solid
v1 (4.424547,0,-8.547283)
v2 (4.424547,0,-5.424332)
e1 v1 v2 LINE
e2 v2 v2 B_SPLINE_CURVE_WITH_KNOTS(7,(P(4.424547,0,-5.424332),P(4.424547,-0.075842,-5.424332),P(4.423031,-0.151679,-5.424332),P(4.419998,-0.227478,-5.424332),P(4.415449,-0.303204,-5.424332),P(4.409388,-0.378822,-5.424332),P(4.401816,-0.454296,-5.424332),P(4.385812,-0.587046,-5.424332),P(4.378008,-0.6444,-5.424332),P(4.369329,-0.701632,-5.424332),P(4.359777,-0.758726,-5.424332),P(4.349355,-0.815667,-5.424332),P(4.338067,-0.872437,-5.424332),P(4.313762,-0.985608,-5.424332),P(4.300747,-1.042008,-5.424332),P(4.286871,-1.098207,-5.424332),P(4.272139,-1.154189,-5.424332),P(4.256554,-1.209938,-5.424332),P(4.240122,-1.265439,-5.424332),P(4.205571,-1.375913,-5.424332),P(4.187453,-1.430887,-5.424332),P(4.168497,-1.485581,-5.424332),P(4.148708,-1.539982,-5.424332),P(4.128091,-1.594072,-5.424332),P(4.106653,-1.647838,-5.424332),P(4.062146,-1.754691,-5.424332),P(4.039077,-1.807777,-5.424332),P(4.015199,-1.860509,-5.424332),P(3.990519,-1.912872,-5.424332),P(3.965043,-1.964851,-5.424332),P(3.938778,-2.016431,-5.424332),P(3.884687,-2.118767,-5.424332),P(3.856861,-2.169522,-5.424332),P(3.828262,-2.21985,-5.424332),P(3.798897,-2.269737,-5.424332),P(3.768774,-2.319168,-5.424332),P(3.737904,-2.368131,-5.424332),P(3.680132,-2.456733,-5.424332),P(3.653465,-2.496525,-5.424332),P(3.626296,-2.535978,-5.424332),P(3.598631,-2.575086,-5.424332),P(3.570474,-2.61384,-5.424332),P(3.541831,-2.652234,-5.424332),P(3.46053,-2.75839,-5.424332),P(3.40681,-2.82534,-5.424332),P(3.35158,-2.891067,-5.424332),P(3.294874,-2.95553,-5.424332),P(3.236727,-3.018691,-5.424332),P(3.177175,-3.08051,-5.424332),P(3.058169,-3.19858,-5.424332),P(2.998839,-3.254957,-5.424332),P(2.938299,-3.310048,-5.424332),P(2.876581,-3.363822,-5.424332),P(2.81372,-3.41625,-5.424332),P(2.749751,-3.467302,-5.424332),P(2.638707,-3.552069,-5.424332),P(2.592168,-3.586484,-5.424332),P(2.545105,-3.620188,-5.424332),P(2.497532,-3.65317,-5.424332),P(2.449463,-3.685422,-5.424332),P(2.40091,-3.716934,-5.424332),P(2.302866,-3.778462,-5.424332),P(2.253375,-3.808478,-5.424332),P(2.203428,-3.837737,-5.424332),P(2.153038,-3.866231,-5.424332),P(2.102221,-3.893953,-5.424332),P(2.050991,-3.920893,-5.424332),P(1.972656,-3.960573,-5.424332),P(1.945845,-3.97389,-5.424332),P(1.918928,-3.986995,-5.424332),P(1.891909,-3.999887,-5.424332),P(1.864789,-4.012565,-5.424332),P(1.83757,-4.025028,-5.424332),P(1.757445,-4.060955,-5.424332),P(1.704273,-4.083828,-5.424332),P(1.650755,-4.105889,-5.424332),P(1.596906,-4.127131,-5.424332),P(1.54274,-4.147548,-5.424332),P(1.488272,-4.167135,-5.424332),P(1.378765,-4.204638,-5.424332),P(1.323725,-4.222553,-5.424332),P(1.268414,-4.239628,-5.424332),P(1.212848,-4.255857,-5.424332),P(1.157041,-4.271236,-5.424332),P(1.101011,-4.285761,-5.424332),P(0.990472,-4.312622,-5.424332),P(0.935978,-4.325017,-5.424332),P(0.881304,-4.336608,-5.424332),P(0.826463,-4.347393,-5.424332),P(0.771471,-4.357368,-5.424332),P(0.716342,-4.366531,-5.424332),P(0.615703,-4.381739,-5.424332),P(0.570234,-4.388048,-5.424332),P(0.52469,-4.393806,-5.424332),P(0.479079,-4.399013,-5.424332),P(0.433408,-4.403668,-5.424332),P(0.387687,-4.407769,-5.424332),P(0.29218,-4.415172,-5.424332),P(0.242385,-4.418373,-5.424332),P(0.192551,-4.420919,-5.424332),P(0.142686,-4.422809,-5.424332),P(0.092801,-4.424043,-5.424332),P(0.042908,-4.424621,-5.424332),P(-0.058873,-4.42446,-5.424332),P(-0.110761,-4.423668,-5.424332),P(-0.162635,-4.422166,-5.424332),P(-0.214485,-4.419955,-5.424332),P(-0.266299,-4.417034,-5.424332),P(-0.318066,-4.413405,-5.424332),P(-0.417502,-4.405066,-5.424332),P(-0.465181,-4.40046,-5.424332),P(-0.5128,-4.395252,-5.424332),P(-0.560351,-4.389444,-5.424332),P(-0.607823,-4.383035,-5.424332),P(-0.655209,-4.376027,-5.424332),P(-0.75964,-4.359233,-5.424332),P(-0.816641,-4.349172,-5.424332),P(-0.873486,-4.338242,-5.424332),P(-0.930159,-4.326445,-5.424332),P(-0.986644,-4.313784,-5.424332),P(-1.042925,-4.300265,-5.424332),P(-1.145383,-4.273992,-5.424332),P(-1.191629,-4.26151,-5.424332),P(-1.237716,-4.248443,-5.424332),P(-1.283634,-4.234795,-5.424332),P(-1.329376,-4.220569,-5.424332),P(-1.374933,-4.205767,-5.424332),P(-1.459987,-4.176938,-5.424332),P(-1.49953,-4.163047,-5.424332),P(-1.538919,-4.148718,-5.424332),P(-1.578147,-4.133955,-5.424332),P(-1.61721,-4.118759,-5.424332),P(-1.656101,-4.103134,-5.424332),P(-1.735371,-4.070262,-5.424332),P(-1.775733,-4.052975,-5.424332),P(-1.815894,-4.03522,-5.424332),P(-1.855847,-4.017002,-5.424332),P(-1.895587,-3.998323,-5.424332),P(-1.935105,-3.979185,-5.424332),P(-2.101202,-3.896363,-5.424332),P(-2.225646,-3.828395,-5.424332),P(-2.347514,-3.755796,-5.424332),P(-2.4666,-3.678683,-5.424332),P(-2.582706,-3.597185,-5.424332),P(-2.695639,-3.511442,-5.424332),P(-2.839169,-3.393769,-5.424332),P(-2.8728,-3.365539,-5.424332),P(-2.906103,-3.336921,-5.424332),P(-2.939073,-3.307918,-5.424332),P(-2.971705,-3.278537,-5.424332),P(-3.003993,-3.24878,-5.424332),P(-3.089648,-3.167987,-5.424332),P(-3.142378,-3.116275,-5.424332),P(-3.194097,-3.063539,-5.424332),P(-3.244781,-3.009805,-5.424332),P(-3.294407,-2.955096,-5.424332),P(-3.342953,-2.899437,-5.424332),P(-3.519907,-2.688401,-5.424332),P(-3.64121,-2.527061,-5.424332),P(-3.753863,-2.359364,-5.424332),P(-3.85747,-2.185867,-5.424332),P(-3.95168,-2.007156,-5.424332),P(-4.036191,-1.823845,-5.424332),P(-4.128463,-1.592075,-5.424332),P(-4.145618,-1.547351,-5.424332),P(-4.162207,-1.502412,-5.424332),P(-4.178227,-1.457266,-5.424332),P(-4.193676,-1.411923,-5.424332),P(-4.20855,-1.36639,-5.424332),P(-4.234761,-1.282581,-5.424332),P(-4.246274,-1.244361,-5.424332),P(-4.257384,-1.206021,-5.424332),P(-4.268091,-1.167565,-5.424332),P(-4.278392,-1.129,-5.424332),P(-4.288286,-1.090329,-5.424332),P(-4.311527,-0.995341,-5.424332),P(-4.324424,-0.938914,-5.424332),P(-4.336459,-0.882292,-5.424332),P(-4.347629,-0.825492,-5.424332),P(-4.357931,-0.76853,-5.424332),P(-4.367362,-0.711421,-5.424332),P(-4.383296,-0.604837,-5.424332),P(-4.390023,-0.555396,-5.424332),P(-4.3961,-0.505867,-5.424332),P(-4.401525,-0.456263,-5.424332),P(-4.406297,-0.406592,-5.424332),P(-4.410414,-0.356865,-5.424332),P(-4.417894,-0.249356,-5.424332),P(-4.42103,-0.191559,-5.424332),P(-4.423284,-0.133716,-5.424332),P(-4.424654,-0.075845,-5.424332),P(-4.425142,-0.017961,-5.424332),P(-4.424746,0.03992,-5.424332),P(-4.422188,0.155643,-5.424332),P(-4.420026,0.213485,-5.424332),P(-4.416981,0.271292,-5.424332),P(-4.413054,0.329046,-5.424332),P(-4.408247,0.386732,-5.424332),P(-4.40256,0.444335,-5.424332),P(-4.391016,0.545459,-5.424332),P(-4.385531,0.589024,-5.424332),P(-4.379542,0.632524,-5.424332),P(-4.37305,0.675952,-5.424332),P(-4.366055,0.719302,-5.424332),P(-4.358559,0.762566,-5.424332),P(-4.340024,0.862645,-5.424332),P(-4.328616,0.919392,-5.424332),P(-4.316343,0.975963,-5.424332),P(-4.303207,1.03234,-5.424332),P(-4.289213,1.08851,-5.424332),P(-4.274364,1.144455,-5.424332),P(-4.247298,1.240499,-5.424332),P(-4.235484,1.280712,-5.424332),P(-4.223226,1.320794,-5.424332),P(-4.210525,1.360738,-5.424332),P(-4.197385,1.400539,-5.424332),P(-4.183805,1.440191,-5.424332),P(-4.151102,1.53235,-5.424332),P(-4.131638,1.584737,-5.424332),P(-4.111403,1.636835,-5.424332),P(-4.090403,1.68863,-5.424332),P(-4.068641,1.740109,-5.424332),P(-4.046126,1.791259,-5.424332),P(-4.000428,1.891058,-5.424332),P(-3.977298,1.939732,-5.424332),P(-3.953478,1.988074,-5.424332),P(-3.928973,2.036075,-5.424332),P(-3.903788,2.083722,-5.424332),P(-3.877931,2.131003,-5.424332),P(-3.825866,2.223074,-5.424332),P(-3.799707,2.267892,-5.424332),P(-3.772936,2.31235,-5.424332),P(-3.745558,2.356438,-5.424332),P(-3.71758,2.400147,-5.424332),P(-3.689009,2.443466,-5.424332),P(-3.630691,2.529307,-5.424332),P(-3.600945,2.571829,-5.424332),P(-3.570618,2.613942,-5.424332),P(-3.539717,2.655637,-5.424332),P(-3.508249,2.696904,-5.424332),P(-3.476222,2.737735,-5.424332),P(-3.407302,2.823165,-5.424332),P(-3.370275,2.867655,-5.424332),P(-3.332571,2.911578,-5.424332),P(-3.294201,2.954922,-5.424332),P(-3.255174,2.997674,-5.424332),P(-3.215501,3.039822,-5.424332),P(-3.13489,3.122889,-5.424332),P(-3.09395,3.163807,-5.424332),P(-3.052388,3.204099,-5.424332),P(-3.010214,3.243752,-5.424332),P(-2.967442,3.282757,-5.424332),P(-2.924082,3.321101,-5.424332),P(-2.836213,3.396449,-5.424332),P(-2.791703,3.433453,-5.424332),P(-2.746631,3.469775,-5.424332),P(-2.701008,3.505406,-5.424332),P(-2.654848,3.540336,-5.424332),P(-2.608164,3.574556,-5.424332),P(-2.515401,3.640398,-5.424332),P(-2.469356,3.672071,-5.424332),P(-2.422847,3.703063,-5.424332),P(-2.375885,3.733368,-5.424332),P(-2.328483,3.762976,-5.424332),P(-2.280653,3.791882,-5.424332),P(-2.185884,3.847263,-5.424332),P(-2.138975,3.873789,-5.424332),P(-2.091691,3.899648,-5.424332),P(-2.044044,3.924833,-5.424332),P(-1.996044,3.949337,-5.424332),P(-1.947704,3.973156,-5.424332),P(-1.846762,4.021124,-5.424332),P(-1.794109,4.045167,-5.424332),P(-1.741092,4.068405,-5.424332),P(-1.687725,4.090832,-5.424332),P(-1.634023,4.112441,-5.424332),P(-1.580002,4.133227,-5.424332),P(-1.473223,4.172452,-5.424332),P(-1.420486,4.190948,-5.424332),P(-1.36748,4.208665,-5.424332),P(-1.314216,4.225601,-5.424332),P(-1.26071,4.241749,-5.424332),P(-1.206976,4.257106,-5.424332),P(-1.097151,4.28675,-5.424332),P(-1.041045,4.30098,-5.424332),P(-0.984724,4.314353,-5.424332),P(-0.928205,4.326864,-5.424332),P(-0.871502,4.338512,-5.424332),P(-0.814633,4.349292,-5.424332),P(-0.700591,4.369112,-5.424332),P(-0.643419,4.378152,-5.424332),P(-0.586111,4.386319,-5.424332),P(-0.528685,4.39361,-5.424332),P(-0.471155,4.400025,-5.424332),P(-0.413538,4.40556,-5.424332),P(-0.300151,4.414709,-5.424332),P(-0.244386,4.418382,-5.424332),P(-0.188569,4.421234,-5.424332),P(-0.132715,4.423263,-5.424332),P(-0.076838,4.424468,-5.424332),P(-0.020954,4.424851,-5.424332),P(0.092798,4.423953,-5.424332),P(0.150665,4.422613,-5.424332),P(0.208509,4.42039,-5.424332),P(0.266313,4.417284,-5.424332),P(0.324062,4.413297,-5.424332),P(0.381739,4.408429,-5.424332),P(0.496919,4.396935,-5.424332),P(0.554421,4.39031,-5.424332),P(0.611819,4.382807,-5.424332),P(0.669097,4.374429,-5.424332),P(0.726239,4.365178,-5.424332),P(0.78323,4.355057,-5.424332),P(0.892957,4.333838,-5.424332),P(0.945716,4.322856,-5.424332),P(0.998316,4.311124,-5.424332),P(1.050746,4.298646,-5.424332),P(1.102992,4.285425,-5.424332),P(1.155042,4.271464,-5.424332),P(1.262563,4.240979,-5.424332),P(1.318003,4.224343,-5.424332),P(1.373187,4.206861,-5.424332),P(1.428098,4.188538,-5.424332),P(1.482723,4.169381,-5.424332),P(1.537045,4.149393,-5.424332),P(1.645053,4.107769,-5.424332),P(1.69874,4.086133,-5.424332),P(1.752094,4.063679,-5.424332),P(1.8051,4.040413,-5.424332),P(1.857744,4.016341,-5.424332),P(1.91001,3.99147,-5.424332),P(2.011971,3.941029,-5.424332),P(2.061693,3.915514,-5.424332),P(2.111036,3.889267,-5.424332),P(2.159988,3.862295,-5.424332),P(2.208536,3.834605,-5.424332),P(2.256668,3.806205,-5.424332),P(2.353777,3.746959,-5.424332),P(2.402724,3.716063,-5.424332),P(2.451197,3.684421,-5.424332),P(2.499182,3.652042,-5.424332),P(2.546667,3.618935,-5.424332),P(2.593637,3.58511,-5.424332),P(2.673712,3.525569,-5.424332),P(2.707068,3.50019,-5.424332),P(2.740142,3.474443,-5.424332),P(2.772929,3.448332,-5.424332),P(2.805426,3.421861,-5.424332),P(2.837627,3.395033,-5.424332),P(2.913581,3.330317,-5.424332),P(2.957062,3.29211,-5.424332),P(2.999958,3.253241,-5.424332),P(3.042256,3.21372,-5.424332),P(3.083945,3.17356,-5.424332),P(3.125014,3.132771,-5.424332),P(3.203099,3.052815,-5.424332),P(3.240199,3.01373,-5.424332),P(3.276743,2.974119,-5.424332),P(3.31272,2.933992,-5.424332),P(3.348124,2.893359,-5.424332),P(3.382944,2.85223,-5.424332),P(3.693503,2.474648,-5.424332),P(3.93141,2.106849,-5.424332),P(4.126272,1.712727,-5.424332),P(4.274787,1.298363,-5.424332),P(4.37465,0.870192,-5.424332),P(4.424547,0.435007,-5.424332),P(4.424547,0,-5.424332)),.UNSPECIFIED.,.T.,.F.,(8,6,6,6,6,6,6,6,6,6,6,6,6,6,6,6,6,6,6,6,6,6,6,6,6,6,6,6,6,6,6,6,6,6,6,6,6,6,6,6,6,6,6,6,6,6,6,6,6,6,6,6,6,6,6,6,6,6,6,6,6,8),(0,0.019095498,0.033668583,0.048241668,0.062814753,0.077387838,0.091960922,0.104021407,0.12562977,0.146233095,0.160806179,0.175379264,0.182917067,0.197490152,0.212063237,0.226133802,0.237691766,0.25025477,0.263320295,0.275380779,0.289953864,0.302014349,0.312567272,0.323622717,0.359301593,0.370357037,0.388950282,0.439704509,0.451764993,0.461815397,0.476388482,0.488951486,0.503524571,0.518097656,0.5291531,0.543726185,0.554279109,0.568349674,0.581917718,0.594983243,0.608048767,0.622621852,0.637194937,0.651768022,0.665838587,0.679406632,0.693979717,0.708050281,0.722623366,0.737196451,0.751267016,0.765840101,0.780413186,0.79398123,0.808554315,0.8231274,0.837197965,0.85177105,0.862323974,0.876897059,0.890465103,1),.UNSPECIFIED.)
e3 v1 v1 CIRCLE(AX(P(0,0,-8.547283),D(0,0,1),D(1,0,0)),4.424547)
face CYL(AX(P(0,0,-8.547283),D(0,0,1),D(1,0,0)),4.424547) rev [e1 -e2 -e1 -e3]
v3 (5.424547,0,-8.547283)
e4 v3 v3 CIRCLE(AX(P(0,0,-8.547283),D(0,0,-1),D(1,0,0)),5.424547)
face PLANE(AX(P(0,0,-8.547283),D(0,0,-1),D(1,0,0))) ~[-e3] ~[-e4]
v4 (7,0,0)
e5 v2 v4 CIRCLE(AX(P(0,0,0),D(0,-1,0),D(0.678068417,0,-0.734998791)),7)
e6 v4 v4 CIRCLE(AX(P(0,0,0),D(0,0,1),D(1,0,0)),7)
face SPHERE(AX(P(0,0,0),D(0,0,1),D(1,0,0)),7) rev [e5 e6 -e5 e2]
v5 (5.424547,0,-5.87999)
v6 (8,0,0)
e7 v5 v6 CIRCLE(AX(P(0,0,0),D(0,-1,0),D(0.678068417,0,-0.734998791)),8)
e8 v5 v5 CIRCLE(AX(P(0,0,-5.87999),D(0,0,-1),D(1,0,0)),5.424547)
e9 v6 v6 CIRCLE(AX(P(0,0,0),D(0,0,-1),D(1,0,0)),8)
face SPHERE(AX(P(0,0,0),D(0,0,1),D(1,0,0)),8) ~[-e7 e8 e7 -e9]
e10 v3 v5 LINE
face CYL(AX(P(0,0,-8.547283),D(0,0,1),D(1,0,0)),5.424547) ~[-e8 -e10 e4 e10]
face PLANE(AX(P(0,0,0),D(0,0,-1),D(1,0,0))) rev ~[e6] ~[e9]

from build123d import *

# Parameters (mm, degrees)
F2_T = -1


with BuildPart() as f1:
    # F0 (on Front) → F1 (revolve)
    with BuildSketch(Plane.XZ):
        with BuildLine():
            ThreePointArc((5.4245473345, -5.8799903245), (7.3279048396, -3.2096433855), (8, 0))
            Line((8, 0), (0, 0))
            Line((0, 0), (0, -8))
            ThreePointArc((0, -8), (2.9120506009, -7.451171807), (5.4245473345, -5.8799903245))
        make_face()
        with BuildLine():
            Line((5.4245473345, -8.5472833758), (5.4245473345, -5.8799903245))
            ThreePointArc((5.4245473345, -5.8799903245), (2.9120506009, -7.451171807), (0, -8))
            Line((0, -8), (0, -8.5472833758))
            Line((0, -8.5472833758), (5.4245473345, -8.5472833758))
        make_face()
    revolve(axis=Axis((0, 0, -4.2736416879), (0, 0, -1)))

    # F2
    f2_openings = [f1.faces().sort_by_distance(p)[0] for p in [
        (0, 0, 0),
        (0, 0, -8.547283),
    ]]
    offset(amount=F2_T, openings=f2_openings, kind=Kind.INTERSECTION)


solid = f1.part
